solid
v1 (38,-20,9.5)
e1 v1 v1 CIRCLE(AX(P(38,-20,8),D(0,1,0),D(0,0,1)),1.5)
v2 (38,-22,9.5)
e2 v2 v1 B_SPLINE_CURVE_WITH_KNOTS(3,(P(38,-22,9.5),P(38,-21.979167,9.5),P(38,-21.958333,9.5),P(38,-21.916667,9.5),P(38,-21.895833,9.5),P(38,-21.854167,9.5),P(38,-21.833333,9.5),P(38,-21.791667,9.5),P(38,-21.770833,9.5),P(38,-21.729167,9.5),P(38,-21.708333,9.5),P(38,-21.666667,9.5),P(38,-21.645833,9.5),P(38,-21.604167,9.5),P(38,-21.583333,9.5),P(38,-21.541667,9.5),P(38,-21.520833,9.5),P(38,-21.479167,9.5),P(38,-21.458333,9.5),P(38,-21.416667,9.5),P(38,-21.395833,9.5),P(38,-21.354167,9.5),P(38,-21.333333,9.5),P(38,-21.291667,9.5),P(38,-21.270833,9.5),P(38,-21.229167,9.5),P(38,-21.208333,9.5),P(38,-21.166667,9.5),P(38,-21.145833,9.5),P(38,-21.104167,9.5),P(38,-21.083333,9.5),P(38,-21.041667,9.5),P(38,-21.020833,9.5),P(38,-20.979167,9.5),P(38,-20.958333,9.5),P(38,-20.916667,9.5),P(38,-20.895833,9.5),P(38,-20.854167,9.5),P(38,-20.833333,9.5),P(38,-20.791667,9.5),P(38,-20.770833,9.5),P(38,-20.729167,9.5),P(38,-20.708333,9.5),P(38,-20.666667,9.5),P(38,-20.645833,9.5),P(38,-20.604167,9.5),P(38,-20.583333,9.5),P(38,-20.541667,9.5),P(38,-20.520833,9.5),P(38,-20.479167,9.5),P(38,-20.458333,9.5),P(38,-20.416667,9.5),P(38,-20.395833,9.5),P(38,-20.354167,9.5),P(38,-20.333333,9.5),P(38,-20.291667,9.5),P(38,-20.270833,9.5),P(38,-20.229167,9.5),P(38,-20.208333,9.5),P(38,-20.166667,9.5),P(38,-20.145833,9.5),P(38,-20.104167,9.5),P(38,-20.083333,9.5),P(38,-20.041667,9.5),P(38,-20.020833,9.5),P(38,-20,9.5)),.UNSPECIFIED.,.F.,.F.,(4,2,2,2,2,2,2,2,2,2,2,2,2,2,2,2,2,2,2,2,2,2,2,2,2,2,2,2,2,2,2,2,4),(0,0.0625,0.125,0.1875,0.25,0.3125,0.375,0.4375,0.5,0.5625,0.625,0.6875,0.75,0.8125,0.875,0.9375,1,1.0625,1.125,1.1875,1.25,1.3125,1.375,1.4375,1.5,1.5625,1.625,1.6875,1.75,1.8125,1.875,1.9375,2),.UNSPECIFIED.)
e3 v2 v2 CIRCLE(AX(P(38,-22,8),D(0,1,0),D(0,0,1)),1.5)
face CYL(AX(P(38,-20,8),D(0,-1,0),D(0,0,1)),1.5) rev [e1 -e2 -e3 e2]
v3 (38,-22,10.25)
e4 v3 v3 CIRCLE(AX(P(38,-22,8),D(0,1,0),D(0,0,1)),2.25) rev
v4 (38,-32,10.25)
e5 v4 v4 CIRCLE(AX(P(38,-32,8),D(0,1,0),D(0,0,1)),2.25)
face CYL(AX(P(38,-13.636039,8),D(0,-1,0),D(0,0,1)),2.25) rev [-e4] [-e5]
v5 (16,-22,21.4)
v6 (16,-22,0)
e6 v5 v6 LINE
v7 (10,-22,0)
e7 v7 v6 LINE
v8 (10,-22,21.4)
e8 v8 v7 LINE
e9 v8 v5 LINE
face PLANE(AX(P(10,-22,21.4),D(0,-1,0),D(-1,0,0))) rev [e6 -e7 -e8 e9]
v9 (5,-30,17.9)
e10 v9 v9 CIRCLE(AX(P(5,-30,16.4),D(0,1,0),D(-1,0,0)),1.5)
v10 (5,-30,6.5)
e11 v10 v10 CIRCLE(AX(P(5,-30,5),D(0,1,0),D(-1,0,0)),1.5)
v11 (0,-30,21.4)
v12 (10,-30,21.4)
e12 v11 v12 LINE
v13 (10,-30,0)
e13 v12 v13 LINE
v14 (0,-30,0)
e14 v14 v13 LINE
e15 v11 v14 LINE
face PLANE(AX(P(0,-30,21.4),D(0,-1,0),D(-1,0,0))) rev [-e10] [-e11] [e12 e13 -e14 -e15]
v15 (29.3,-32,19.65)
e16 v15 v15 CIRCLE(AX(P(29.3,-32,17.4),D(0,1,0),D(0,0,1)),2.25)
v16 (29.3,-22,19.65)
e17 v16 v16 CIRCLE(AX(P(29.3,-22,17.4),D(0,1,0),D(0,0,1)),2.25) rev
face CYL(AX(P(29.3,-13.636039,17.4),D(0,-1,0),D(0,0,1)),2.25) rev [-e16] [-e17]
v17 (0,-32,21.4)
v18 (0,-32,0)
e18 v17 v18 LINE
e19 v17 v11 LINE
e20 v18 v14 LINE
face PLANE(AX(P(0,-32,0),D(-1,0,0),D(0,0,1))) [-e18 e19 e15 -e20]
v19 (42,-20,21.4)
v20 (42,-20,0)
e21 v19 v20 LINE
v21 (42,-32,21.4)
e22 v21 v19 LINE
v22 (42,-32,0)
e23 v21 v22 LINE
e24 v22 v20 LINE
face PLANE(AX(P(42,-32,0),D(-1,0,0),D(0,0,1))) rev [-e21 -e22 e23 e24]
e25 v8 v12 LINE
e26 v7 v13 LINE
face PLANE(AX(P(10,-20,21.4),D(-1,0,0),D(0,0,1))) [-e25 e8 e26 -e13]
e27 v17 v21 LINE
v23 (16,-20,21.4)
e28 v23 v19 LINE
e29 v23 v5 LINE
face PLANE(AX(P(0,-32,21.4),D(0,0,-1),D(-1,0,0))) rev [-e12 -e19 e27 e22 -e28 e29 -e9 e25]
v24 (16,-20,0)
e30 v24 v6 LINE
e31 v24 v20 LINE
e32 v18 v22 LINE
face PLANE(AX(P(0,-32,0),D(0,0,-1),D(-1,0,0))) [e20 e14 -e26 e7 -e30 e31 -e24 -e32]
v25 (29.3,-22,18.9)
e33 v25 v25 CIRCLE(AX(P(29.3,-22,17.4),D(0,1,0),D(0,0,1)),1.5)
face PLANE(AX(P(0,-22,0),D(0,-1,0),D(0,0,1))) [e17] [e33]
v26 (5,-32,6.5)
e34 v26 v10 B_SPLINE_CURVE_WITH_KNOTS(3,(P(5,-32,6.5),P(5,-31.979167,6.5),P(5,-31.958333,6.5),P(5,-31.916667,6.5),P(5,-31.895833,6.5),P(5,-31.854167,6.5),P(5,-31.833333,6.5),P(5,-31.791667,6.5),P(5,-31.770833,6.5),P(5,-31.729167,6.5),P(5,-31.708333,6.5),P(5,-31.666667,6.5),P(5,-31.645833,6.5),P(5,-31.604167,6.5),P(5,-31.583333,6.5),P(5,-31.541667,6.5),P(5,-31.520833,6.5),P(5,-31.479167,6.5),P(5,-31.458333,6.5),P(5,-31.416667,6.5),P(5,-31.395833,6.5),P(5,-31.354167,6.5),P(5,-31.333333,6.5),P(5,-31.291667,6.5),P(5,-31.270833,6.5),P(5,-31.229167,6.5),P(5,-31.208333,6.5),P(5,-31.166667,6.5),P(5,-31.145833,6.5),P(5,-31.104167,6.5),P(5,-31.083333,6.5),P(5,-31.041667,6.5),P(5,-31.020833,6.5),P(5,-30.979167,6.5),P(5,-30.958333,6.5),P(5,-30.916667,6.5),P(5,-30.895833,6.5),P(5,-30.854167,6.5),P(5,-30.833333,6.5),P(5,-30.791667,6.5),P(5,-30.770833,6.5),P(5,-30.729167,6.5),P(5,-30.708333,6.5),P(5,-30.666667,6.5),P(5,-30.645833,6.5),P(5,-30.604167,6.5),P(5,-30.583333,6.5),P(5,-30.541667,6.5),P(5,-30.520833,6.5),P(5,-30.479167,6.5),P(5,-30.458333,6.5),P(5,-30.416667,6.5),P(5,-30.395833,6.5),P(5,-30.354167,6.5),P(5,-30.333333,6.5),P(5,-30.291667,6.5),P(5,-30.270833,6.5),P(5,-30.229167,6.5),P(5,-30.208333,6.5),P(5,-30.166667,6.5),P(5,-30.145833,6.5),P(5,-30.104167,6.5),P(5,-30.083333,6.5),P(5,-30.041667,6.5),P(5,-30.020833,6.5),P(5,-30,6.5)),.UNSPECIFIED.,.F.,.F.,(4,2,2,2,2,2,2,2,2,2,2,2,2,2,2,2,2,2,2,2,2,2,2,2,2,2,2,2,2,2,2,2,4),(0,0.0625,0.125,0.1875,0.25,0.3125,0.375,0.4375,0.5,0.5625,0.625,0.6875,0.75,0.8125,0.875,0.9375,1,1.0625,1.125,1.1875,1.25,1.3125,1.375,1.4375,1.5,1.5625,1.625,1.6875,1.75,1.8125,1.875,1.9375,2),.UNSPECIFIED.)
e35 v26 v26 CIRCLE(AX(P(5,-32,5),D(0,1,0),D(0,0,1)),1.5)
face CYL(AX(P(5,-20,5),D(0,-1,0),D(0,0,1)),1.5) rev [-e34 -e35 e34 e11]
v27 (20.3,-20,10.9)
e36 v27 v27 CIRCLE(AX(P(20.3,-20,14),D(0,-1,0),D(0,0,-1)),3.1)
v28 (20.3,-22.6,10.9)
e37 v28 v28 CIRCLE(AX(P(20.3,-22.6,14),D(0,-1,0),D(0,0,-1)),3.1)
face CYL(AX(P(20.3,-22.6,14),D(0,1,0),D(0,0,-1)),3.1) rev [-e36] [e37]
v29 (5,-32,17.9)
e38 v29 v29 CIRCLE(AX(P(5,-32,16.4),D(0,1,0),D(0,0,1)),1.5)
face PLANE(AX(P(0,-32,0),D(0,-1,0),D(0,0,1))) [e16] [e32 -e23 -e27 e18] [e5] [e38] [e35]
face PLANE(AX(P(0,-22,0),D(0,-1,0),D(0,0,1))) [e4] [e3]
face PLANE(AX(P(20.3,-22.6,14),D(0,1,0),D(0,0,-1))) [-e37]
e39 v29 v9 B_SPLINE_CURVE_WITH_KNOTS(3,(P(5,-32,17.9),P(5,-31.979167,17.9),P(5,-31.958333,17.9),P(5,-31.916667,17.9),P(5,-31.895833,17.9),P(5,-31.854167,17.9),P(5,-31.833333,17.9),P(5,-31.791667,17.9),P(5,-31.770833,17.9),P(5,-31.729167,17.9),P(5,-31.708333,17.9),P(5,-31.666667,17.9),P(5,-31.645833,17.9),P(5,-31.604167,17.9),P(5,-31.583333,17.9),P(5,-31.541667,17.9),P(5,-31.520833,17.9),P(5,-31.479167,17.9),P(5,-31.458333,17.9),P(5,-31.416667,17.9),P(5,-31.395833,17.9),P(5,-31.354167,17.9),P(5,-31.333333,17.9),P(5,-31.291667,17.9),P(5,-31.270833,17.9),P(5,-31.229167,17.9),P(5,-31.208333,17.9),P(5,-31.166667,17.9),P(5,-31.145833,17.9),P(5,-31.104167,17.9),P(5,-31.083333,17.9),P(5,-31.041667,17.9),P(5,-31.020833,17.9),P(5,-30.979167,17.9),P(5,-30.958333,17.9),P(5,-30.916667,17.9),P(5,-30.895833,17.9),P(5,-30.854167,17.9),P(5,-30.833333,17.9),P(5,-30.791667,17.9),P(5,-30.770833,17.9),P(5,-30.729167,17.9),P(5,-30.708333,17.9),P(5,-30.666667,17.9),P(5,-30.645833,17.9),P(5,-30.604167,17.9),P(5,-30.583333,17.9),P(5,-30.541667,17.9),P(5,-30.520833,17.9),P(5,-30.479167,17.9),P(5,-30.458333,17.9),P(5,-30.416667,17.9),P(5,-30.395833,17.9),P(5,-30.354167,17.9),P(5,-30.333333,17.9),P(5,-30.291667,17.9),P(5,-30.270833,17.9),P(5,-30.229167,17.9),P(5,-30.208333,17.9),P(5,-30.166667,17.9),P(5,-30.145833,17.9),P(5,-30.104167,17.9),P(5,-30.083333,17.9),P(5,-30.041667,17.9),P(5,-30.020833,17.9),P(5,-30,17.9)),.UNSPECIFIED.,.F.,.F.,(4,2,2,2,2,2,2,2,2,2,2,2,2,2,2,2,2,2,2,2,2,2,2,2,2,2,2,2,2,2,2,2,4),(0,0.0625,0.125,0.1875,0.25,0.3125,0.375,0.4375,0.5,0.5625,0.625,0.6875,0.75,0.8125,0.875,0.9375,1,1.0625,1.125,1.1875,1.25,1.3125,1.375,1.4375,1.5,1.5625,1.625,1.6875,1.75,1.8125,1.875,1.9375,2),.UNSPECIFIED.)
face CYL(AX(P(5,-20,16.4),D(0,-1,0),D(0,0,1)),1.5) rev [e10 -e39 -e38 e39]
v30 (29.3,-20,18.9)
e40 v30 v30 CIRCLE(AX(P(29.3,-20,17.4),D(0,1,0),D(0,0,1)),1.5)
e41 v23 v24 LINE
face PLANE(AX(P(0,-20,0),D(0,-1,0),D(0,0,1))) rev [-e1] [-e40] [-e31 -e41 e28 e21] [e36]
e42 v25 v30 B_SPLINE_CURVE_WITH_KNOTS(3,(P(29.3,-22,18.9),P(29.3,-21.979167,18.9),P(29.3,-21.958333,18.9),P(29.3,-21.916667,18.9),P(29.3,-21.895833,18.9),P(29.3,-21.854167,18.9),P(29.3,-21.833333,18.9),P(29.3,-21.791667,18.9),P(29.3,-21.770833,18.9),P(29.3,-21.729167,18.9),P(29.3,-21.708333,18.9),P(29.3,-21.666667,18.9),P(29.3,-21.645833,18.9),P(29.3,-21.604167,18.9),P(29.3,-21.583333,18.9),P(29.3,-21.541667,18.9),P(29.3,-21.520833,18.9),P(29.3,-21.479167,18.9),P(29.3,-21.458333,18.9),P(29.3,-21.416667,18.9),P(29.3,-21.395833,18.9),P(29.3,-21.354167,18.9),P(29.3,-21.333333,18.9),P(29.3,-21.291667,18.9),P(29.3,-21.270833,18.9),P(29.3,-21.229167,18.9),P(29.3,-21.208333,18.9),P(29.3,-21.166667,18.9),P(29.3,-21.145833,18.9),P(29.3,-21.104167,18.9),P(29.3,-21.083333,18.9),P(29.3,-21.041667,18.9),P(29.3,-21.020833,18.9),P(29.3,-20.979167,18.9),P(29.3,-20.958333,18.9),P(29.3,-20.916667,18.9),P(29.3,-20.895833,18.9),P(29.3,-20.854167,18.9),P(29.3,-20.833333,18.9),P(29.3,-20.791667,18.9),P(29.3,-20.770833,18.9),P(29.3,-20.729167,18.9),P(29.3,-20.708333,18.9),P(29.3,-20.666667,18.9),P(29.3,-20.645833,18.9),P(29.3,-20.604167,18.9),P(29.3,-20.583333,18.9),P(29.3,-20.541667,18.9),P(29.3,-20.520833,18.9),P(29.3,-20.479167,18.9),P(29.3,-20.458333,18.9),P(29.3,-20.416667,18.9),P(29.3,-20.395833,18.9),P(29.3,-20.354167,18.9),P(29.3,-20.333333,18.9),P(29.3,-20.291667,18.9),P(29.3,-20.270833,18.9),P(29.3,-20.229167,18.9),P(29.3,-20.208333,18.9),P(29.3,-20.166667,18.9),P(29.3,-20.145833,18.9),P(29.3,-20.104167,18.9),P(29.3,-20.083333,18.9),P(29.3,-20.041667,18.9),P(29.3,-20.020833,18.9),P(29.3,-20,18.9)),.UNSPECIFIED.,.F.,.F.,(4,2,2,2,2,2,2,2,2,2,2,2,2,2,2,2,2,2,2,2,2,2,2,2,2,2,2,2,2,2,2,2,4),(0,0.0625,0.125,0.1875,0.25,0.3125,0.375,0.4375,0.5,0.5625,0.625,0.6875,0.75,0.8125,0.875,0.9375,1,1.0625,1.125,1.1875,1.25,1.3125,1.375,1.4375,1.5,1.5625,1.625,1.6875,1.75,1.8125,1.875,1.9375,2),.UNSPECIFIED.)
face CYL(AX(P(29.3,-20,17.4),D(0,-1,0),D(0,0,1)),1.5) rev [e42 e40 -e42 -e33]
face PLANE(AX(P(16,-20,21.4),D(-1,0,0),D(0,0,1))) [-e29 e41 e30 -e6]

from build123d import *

# Parameters (mm, degrees)
SKETCH_1_W          = 42
SKETCH_1_H          = 21.4
EXTRUDE_1_DEPTH     = 12
SKETCH_2_W          = 6
SKETCH_2_H          = 2
CUT_EXTRUDE_1_DEPTH = 49.641134855
SKETCH_3_R          = 3.1
CUT_EXTRUDE_2_DEPTH = 2.6
SKETCH_4_R          = 2.25
CUT_EXTRUDE_3_DEPTH = 10
SKETCH_4_3_R        = 1.5
CUT_EXTRUDE_4_DEPTH = 49.641134855
SKETCH_5_W          = 88.870895105
SKETCH_5_H          = 42.258480341
CUT_EXTRUDE_5_DEPTH = 53.01884274


with BuildPart() as part:
    # 草图1 → 凸台-拉伸1 (new body)
    with BuildSketch(Plane(origin=(0, 0, 0), x_dir=(1, 0, 0), z_dir=(0, 1, 0))):
        with Locations((21, -10.7)):
            Rectangle(SKETCH_1_W, SKETCH_1_H)
    extrude(amount=EXTRUDE_1_DEPTH)

    # 草图2 → 切除-拉伸1 (cut, through all)
    with BuildSketch(Plane(origin=(0, 0, 0), x_dir=(-1, 0, 0), z_dir=(0, 0, -1))):
        Polygon((-10, 0), (0, 0), (0, 10), (-10, 10), (-10, 2), align=None)
        with Locations((-13, 1)):
            Rectangle(SKETCH_2_W, SKETCH_2_H)
    extrude(amount=-CUT_EXTRUDE_1_DEPTH, mode=Mode.SUBTRACT)

    # 草图3 → 切除-拉伸2 (cut)
    with BuildSketch(Plane.XZ):
        with Locations(Location((20.3, 14, 0), (0, 0, 270))):
            Circle(SKETCH_3_R)
    extrude(amount=-CUT_EXTRUDE_2_DEPTH, mode=Mode.SUBTRACT)

    # 草图4 → 切除-拉伸3 (cut)
    with BuildSketch(Plane(origin=(0, 12, 0), x_dir=(1, 0, 0), z_dir=(0, 1, 0))):
        with Locations(Location((29.3, -17.4, 0), (0, 0, 270))):
            Circle(SKETCH_4_R)
        with Locations(Location((38, -8, 0), (0, 0, 270))):
            Circle(SKETCH_4_R)
    extrude(amount=-CUT_EXTRUDE_3_DEPTH, mode=Mode.SUBTRACT)

    # 草图4<3> → 切除-拉伸4 (cut, through all)
    with BuildSketch(Plane(origin=(0, 12, 0), x_dir=(1, 0, 0), z_dir=(0, 1, 0))):
        with Locations(Location((5, -5, 0), (0, 0, 270))):
            Circle(SKETCH_4_3_R)
        with Locations(Location((5, -16.4, 0), (0, 0, 270))):
            Circle(SKETCH_4_3_R)
        with Locations(Location((38, -8, 0), (0, 0, 270))):
            Circle(SKETCH_4_3_R)
        with Locations(Location((29.3, -17.4, 0), (0, 0, 270))):
            Circle(SKETCH_4_3_R)
    extrude(amount=-CUT_EXTRUDE_4_DEPTH, mode=Mode.SUBTRACT)


with BuildPart() as body_2:
    # 镜向1: mirrored copy
    add(part.part.mirror(Plane.ZX.offset(-10)))


with BuildPart() as part_1:
    add(part.part)

    # 草图5 → 切除-拉伸5 (cut, through all)
    with BuildSketch(Plane(origin=(0, -10, 0), x_dir=(1, 0, 0), z_dir=(0, 1, 0))):
        with Locations((22.816673382, -12.28482211)):
            Rectangle(SKETCH_5_W, SKETCH_5_H)
    extrude(amount=CUT_EXTRUDE_5_DEPTH, mode=Mode.SUBTRACT)


solid = body_2.part
